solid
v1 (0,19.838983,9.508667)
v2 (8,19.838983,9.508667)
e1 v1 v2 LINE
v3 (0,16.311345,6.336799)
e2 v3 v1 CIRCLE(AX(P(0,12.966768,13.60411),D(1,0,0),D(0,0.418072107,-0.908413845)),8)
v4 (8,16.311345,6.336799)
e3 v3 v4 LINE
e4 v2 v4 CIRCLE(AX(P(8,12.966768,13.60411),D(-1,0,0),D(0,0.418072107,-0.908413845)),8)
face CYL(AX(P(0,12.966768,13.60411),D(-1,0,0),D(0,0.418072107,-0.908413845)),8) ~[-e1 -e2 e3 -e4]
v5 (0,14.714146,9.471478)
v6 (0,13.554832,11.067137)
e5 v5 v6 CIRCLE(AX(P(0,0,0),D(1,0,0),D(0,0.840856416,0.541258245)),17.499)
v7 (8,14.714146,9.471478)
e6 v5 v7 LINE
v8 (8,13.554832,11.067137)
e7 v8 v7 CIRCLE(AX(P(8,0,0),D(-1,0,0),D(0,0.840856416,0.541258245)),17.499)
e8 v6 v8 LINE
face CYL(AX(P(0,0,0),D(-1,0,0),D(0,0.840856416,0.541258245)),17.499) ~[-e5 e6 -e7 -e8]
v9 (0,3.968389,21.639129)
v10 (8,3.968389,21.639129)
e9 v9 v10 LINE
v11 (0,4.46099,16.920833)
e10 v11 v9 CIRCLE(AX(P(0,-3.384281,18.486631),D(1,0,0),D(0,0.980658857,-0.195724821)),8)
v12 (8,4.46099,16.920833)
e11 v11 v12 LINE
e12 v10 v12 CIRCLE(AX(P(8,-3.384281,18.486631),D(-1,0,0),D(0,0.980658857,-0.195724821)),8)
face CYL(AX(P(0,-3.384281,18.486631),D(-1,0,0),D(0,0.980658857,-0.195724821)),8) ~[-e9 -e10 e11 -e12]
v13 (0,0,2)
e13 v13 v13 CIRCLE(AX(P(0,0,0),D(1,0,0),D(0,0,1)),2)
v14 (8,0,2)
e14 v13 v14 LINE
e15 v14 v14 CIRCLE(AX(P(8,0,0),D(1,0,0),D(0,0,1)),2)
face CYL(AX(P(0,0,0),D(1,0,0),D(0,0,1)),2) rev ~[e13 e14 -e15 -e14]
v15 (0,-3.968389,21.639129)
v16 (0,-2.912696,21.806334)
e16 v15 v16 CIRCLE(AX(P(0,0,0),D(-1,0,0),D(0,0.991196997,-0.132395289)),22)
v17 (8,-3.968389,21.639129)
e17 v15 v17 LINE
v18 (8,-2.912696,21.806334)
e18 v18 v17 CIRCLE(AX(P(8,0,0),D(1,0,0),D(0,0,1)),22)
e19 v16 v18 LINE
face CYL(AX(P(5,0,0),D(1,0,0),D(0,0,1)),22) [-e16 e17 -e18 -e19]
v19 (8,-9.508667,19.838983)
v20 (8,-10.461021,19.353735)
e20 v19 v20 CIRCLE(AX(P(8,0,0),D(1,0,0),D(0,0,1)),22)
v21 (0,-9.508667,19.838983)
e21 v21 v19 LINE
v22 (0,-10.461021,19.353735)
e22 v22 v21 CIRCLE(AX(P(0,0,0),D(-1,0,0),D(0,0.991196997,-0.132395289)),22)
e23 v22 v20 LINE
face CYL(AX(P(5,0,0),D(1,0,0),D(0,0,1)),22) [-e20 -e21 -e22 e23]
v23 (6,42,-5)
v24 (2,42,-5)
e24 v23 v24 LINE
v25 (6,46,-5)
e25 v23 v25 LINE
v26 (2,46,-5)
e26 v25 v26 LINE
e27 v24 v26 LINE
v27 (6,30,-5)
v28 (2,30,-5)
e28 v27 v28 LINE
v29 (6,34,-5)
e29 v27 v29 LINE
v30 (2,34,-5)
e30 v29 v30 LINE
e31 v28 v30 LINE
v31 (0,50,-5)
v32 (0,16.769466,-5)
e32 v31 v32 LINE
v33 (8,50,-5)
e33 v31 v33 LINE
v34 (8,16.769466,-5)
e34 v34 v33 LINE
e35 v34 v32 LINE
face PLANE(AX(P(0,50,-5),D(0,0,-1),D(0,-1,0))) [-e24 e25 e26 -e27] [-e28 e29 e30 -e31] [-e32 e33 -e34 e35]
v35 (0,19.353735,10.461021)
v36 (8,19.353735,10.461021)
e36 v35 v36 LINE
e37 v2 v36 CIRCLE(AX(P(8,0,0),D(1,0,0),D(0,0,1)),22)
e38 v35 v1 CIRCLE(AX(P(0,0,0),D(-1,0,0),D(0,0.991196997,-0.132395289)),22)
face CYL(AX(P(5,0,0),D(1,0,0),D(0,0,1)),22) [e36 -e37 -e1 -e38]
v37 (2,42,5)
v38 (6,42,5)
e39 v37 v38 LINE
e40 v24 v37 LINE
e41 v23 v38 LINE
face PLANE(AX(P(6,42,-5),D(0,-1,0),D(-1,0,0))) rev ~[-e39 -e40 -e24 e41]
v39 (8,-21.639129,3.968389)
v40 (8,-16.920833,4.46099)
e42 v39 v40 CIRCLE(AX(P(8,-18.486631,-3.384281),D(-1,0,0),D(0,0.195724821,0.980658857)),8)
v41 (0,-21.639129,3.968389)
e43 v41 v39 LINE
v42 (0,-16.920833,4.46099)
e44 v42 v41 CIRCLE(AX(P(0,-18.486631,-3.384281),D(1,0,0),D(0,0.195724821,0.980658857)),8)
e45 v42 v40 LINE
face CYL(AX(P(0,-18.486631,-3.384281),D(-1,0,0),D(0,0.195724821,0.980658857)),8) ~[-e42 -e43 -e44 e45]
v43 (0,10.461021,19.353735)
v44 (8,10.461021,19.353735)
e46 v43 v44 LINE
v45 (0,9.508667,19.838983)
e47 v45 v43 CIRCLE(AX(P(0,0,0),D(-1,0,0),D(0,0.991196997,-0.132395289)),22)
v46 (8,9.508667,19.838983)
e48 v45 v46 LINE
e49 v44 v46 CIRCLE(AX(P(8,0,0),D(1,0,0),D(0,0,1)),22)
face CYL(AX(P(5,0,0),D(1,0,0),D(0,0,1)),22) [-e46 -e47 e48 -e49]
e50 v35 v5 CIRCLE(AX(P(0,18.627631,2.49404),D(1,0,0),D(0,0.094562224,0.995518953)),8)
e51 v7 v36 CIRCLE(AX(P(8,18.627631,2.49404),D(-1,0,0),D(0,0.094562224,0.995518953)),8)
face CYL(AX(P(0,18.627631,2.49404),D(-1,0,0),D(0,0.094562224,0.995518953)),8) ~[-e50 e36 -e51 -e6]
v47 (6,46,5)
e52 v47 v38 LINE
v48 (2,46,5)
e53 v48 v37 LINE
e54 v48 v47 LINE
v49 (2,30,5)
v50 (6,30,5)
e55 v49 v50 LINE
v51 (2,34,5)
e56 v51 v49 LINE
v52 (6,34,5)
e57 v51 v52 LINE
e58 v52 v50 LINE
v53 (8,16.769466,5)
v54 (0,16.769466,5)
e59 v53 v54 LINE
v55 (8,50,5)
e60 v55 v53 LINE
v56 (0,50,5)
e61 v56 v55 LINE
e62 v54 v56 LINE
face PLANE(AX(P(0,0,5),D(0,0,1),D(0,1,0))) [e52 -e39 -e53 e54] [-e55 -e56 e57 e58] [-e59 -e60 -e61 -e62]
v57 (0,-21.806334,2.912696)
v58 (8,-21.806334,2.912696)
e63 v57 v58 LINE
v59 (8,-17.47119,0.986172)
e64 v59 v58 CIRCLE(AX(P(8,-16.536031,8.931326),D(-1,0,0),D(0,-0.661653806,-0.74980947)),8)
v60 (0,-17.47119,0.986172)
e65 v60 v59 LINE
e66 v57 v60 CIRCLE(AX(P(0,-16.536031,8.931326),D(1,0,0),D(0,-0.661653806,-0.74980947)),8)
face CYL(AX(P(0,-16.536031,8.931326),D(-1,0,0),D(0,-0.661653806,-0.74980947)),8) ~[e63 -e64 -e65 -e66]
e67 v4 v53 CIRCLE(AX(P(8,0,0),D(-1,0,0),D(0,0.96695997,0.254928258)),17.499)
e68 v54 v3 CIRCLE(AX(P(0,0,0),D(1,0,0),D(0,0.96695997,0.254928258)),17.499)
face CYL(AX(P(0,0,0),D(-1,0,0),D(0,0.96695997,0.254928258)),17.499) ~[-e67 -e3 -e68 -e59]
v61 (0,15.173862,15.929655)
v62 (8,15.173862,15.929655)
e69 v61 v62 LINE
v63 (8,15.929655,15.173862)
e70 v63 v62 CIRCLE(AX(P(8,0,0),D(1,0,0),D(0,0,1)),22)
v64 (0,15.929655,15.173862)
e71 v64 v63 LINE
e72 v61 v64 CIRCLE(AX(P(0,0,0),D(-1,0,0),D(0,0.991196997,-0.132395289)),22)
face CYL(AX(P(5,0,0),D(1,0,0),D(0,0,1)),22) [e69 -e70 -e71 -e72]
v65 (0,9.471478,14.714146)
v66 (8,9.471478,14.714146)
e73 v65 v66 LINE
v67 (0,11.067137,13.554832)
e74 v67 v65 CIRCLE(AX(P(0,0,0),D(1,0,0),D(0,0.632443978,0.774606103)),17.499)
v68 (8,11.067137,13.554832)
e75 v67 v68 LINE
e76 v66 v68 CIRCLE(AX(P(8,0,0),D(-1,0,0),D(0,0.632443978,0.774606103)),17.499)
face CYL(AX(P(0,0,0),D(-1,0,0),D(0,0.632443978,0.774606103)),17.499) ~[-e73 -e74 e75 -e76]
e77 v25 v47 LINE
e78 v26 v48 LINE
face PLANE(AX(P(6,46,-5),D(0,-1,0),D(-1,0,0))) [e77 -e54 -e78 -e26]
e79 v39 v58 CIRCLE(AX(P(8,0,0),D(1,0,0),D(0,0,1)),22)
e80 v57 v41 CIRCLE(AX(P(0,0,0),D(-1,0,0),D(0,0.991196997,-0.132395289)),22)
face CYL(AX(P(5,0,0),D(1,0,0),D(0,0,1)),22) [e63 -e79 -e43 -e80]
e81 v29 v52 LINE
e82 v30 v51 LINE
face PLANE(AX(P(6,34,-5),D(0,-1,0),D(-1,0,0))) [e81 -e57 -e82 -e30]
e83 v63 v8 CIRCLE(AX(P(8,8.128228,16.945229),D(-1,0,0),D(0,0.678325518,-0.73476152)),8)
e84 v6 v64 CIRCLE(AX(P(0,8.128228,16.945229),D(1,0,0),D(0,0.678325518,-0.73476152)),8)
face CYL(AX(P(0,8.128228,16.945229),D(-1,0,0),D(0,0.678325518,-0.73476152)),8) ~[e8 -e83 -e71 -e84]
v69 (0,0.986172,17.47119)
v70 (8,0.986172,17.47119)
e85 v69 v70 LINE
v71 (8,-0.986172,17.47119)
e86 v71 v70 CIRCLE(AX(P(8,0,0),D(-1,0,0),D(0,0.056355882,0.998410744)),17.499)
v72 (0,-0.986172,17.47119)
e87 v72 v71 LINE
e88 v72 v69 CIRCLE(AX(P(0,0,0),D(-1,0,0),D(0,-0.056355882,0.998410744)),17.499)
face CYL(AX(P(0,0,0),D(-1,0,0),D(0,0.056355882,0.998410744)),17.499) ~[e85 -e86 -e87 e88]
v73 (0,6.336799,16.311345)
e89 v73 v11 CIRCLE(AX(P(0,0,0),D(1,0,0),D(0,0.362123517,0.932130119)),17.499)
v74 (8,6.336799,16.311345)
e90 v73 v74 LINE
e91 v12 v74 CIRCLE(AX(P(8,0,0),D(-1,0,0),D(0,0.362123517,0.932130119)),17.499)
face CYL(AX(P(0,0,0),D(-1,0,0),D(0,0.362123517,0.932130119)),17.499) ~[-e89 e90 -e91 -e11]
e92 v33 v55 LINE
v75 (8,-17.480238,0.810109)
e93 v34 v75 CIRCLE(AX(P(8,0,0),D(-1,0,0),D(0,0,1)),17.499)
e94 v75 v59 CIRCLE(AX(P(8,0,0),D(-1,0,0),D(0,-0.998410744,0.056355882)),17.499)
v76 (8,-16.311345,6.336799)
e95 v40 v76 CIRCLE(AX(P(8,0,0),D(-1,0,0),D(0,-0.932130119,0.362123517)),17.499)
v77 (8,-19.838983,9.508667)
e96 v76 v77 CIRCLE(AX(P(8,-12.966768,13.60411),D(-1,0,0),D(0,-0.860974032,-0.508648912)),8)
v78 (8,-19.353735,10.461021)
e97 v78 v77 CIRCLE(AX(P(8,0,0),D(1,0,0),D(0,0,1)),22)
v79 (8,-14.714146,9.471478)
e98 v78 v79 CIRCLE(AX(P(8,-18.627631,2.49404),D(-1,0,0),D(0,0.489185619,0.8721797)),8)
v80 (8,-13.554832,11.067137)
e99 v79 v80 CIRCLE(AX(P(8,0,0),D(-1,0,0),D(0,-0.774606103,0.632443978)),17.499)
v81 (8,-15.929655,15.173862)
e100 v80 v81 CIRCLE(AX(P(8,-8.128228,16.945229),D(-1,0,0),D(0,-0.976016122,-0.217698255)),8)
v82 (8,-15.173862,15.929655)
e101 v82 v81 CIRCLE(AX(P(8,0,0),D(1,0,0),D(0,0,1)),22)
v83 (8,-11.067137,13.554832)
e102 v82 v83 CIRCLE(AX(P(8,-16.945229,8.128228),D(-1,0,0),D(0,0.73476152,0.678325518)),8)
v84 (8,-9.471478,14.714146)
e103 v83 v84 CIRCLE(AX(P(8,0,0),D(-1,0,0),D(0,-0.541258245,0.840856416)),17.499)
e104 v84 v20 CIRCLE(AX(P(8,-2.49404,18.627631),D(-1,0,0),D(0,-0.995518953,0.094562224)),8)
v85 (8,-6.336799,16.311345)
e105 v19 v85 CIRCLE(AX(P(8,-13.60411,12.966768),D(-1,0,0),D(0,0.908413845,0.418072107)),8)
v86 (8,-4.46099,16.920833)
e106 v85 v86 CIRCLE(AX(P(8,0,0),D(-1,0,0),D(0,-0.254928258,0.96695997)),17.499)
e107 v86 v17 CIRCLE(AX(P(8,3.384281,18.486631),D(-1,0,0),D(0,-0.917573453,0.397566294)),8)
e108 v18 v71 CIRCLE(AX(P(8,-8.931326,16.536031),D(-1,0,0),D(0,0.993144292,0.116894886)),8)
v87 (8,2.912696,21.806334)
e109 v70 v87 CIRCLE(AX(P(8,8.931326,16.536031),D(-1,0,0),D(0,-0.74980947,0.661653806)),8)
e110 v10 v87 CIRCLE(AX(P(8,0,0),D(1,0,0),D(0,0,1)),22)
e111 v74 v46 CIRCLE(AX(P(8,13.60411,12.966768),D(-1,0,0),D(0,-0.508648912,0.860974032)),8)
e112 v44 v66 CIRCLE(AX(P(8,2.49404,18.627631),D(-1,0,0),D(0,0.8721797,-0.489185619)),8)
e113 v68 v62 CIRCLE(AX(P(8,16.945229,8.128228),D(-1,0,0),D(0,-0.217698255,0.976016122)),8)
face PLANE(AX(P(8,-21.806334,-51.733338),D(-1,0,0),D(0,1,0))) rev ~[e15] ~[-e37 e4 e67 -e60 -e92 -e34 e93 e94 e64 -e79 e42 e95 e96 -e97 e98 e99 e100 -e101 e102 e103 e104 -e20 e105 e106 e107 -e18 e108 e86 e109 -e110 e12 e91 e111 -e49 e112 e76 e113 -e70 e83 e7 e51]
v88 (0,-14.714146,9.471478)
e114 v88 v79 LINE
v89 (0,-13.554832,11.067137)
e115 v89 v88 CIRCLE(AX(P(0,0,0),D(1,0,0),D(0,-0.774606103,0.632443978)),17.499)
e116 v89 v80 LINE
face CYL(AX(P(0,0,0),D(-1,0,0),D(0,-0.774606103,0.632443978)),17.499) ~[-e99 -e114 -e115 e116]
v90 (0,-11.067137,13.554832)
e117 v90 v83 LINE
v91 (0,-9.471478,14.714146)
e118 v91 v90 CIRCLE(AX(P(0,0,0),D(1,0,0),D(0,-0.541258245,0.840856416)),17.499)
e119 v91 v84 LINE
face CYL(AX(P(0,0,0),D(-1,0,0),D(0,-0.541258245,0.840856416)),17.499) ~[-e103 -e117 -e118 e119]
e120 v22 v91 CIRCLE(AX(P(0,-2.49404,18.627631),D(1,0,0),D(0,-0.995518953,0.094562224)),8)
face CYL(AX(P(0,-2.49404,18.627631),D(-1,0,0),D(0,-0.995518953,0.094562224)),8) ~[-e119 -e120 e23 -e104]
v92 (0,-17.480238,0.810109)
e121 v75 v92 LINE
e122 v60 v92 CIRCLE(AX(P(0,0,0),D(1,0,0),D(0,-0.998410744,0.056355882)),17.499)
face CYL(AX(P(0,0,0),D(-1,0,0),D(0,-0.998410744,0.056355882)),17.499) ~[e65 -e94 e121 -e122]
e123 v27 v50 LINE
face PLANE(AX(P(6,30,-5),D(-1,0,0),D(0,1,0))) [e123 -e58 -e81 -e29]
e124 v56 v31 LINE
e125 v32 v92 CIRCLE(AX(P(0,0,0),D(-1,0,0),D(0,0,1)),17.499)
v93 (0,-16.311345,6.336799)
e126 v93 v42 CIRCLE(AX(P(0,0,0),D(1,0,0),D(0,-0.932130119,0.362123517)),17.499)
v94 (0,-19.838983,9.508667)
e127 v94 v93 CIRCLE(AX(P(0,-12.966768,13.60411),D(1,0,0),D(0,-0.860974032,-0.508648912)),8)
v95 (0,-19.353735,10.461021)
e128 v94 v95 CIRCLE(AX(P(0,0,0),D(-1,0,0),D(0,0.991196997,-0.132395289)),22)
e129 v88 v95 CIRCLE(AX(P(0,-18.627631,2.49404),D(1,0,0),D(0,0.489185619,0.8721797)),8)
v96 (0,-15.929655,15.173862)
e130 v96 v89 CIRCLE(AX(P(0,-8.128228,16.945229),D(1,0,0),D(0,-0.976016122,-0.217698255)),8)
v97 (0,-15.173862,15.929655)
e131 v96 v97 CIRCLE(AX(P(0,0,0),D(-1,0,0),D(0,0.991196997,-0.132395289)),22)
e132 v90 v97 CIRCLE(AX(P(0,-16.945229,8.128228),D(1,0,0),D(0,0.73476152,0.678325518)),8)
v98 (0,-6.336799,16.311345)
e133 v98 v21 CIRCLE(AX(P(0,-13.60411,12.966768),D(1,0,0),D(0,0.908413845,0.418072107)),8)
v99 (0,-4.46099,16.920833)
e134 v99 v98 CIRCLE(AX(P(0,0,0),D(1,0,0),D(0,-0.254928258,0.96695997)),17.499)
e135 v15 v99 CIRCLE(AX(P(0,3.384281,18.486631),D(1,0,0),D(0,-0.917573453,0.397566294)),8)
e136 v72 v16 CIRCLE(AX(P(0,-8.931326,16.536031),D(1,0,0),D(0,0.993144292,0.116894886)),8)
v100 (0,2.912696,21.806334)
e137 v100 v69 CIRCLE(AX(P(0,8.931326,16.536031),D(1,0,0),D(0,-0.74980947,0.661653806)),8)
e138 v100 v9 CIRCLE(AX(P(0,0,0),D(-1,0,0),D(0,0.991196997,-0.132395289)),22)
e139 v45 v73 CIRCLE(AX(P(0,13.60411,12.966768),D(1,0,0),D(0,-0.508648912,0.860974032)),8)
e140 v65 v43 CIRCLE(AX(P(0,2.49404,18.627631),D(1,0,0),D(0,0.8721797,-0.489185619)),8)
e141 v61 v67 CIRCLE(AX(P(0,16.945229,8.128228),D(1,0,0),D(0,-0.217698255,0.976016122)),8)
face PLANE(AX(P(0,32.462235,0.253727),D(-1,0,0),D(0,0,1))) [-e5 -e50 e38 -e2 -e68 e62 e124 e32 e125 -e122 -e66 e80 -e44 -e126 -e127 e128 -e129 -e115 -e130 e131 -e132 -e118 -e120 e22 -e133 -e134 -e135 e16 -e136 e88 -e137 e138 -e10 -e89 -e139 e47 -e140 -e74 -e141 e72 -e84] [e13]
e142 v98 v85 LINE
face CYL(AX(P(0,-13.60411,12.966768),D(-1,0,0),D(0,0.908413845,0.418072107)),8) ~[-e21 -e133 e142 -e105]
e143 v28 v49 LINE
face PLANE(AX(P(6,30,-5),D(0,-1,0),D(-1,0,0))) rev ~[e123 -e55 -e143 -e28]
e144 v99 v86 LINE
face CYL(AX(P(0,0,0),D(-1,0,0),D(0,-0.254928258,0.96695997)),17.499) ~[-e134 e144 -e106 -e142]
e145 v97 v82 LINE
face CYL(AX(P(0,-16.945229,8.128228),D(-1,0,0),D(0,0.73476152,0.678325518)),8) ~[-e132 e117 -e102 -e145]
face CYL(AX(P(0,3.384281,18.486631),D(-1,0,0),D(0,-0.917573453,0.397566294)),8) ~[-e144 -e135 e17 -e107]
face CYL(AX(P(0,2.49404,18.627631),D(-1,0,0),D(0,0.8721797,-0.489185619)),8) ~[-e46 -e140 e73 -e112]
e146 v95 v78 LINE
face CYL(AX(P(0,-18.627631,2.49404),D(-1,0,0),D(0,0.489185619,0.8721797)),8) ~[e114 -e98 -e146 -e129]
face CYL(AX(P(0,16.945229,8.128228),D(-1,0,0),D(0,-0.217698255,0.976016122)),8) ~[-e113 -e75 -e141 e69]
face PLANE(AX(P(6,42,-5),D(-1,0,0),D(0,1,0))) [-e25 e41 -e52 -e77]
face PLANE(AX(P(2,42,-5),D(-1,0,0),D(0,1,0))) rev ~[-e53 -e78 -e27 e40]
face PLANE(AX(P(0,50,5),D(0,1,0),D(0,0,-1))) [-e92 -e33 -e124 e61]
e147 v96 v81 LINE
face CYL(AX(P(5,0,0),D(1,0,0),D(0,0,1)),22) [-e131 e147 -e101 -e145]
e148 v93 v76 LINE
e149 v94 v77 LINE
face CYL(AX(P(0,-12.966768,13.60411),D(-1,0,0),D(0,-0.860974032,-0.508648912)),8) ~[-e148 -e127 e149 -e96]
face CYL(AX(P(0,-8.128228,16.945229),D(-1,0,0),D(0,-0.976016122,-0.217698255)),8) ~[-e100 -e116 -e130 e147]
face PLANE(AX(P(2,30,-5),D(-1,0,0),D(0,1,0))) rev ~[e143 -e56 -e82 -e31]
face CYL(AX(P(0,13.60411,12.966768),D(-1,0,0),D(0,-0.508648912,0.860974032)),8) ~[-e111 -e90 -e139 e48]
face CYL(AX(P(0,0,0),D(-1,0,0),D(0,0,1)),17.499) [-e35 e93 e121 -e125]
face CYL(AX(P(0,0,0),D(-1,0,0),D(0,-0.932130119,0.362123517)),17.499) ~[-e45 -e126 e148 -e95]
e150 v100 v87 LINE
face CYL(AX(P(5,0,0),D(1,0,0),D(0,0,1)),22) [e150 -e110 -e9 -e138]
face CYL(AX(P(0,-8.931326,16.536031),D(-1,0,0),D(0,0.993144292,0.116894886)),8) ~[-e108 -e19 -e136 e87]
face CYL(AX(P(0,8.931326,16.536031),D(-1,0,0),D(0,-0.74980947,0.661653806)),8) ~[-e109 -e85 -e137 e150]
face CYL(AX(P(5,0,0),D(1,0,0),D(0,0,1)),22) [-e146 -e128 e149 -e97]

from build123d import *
from build123d.topology import SkipClean

# Parameters (mm, degrees)
BASPROSKE_W             = 10
BASPROSKE_H             = 22
TOOTHCUT_DEPTH          = 33.680269277
TEETHCUTS_COUNT         = 20
TEETHCUTS_ANGLE         = 342
BORSKE_R                = 2
BORE_DEPTH              = 50.0000508
SKETCH3_W               = 21.477286505
SKETCH3_H               = 49.38738346
SKETCH3_W_2             = 5.914035414
SKETCH3_H_2             = 19.713451381
CUT_EXTRUDE1_DEPTH      = 10
SKETCH4_R               = 17.499
SKETCH4_R_2             = 2
BOSS_EXTRUDE2_DEPTH     = 10
BOSS_EXTRUDE3_DEPTH     = 10
CUT_EXTRUDE3_DEPTH      = 56.733338326
CUT_EXTRUDE3_DEPTH_BACK = 56.733338326
SKETCH7_W               = 2
SKETCH7_H               = 71.806333941
SKETCH6_W               = 4
SKETCH6_H               = 4
CUT_EXTRUDE5_DEPTH      = 58.293800183


with BuildPart() as part:
    # BasProSke → Base-Revolve (revolve)
    with BuildSketch(Plane(origin=(0, 0, 0), x_dir=(1, 0, 0), z_dir=(0, 1, 0)), mode=Mode.PRIVATE) as base_revolve_sk:
        with Locations((5, 11)):
            Rectangle(BASPROSKE_W, BASPROSKE_H)
    revolve(base_revolve_sk.sketch.rotate(Axis((-10, 0, 0), (1, 0, 0)), 180), axis=Axis((-10, 0, 0), (1, 0, 0)))

    # TooCutSke → ToothCut (cut, through all)
    with BuildSketch(Plane(origin=(0, 0, 0), x_dir=(0, 0, -1), z_dir=(1, 0, 0))):
        with BuildLine():
            ThreePointArc((0.986171591, 17.471189616), (0, 17.499), (-0.986171591, 17.471189616))
            ThreePointArc((-0.986171591, 17.471189616), (-1.626916196, 19.798789858), (-2.932850173, 21.829260982))
            ThreePointArc((-2.932850173, 21.829260982), (0, 22.0254), (2.932850173, 21.829260982))
            ThreePointArc((2.932850173, 21.829260982), (1.626916196, 19.798789858), (0.986171591, 17.471189616))
        make_face()
    toothcut = extrude(amount=TOOTHCUT_DEPTH, mode=Mode.SUBTRACT)

    # TeethCuts: ToothCut ×20 about axis
    teethcuts_axis = Axis((-10, 0, 0), (1, 0, 0))
    for i in range(1, TEETHCUTS_COUNT):
        add(toothcut.rotate(teethcuts_axis, i * TEETHCUTS_ANGLE / (TEETHCUTS_COUNT - 1)), mode=Mode.SUBTRACT)

    # BorSke → Bore (cut, symmetric)
    with BuildSketch(Plane(origin=(0, 0, 0), x_dir=(0, 0, -1), z_dir=(1, 0, 0))):
        with Locations(Location((0, 0, 0), (0, 0, 180))):
            Circle(BORSKE_R)
    extrude(amount=BORE_DEPTH, both=True, mode=Mode.SUBTRACT)

    # Sketch3 → Cut-Extrude1 (cut)
    with BuildSketch(Plane.ZY):
        with Locations((-15.842569701, 2.389280872)):
            Rectangle(SKETCH3_W, SKETCH3_H)
        Polygon((-0.493085796, 27.082972602), (-5.103926448, 27.082972602), (-5.103926448, 10.689681454), (-0.493085796, 10.689681454), (-0.493085796, 17.471189616), (-0.986171591, 17.471189616), (-0.986171591, 17.499), (-0.493085796, 17.499), align=None)
        with Locations((-2.146908741, -12.447685168)):
            Rectangle(SKETCH3_W_2, SKETCH3_H_2)
    extrude(amount=-CUT_EXTRUDE1_DEPTH, mode=Mode.SUBTRACT)

    # Sketch4 → Boss-Extrude2 (add)
    with SkipClean():  # the faces are left unmerged after this step: merging them gives an invalid solid
        with BuildSketch(Plane.ZY):
            Circle(SKETCH4_R)
            Circle(SKETCH4_R_2, mode=Mode.SUBTRACT)
        extrude(amount=-BOSS_EXTRUDE2_DEPTH)

    # Sketch5 → Boss-Extrude3 (add)
    with BuildSketch(Plane.ZY):
        with BuildLine():
            ThreePointArc((4.460989585, 16.920832513), (4.73110018, 16.847305188), (5, 16.76946633))
            Line((5, 16.76946633), (5, 50))
            Line((5, 50), (-5, 50))
            Line((-5, 50), (-5, 16.76946633))
            ThreePointArc((-5, 16.76946633), (-2.037353312, 17.37999403), (0.986171591, 17.471189616))
            ThreePointArc((0.986171591, 17.471189616), (1.620704589, 19.784848102), (2.912696354, 21.806333941))
            ThreePointArc((2.912696354, 21.806333941), (3.441558231, 21.729143493), (3.968388926, 21.639128664))
            ThreePointArc((3.968388926, 21.639128664), (4.572472634, 19.317333972), (4.460989585, 16.920832513))
        make_face()
        with BuildLine():
            ThreePointArc((-2, 0), (0, 2), (2, 0))
            Line((2, 0), (5, 0))
            Line((5, 0), (5, 16.76946633))
            ThreePointArc((5, 16.76946633), (4.73110018, 16.847305188), (4.460989585, 16.920832513))
            ThreePointArc((4.460989585, 16.920832513), (4.572472634, 19.317333972), (3.968388926, 21.639128664))
            ThreePointArc((3.968388926, 21.639128664), (3.441558231, 21.729143493), (2.912696354, 21.806333941))
            ThreePointArc((2.912696354, 21.806333941), (1.620704589, 19.784848102), (0.986171591, 17.471189616))
            ThreePointArc((0.986171591, 17.471189616), (-2.037353312, 17.37999403), (-5, 16.76946633))
            Line((-5, 16.76946633), (-5, 0))
            Line((-5, 0), (-2, 0))
        make_face()
    extrude(amount=-BOSS_EXTRUDE3_DEPTH)

    # Sketch7 → Cut-Extrude3 (cut, two sides: drawn at the far end of the back side and taken through both)
    with BuildSketch(Plane.XY.offset(5).offset(-CUT_EXTRUDE3_DEPTH_BACK)):
        with Locations((9, 14.096833029)):
            Rectangle(SKETCH7_W, SKETCH7_H)
    extrude(amount=CUT_EXTRUDE3_DEPTH + CUT_EXTRUDE3_DEPTH_BACK, mode=Mode.SUBTRACT)

    # Sketch6 → Cut-Extrude5 (cut, through all)
    with BuildSketch(Plane(origin=(0, 0, -5), x_dir=(-1, 0, 0), z_dir=(0, 0, -1))):
        with Locations((-4, 44)):
            Rectangle(SKETCH6_W, SKETCH6_H)
        with Locations((-4, 32)):
            Rectangle(SKETCH6_W, SKETCH6_H)
    extrude(amount=-CUT_EXTRUDE5_DEPTH, mode=Mode.SUBTRACT)


solid = part.part
